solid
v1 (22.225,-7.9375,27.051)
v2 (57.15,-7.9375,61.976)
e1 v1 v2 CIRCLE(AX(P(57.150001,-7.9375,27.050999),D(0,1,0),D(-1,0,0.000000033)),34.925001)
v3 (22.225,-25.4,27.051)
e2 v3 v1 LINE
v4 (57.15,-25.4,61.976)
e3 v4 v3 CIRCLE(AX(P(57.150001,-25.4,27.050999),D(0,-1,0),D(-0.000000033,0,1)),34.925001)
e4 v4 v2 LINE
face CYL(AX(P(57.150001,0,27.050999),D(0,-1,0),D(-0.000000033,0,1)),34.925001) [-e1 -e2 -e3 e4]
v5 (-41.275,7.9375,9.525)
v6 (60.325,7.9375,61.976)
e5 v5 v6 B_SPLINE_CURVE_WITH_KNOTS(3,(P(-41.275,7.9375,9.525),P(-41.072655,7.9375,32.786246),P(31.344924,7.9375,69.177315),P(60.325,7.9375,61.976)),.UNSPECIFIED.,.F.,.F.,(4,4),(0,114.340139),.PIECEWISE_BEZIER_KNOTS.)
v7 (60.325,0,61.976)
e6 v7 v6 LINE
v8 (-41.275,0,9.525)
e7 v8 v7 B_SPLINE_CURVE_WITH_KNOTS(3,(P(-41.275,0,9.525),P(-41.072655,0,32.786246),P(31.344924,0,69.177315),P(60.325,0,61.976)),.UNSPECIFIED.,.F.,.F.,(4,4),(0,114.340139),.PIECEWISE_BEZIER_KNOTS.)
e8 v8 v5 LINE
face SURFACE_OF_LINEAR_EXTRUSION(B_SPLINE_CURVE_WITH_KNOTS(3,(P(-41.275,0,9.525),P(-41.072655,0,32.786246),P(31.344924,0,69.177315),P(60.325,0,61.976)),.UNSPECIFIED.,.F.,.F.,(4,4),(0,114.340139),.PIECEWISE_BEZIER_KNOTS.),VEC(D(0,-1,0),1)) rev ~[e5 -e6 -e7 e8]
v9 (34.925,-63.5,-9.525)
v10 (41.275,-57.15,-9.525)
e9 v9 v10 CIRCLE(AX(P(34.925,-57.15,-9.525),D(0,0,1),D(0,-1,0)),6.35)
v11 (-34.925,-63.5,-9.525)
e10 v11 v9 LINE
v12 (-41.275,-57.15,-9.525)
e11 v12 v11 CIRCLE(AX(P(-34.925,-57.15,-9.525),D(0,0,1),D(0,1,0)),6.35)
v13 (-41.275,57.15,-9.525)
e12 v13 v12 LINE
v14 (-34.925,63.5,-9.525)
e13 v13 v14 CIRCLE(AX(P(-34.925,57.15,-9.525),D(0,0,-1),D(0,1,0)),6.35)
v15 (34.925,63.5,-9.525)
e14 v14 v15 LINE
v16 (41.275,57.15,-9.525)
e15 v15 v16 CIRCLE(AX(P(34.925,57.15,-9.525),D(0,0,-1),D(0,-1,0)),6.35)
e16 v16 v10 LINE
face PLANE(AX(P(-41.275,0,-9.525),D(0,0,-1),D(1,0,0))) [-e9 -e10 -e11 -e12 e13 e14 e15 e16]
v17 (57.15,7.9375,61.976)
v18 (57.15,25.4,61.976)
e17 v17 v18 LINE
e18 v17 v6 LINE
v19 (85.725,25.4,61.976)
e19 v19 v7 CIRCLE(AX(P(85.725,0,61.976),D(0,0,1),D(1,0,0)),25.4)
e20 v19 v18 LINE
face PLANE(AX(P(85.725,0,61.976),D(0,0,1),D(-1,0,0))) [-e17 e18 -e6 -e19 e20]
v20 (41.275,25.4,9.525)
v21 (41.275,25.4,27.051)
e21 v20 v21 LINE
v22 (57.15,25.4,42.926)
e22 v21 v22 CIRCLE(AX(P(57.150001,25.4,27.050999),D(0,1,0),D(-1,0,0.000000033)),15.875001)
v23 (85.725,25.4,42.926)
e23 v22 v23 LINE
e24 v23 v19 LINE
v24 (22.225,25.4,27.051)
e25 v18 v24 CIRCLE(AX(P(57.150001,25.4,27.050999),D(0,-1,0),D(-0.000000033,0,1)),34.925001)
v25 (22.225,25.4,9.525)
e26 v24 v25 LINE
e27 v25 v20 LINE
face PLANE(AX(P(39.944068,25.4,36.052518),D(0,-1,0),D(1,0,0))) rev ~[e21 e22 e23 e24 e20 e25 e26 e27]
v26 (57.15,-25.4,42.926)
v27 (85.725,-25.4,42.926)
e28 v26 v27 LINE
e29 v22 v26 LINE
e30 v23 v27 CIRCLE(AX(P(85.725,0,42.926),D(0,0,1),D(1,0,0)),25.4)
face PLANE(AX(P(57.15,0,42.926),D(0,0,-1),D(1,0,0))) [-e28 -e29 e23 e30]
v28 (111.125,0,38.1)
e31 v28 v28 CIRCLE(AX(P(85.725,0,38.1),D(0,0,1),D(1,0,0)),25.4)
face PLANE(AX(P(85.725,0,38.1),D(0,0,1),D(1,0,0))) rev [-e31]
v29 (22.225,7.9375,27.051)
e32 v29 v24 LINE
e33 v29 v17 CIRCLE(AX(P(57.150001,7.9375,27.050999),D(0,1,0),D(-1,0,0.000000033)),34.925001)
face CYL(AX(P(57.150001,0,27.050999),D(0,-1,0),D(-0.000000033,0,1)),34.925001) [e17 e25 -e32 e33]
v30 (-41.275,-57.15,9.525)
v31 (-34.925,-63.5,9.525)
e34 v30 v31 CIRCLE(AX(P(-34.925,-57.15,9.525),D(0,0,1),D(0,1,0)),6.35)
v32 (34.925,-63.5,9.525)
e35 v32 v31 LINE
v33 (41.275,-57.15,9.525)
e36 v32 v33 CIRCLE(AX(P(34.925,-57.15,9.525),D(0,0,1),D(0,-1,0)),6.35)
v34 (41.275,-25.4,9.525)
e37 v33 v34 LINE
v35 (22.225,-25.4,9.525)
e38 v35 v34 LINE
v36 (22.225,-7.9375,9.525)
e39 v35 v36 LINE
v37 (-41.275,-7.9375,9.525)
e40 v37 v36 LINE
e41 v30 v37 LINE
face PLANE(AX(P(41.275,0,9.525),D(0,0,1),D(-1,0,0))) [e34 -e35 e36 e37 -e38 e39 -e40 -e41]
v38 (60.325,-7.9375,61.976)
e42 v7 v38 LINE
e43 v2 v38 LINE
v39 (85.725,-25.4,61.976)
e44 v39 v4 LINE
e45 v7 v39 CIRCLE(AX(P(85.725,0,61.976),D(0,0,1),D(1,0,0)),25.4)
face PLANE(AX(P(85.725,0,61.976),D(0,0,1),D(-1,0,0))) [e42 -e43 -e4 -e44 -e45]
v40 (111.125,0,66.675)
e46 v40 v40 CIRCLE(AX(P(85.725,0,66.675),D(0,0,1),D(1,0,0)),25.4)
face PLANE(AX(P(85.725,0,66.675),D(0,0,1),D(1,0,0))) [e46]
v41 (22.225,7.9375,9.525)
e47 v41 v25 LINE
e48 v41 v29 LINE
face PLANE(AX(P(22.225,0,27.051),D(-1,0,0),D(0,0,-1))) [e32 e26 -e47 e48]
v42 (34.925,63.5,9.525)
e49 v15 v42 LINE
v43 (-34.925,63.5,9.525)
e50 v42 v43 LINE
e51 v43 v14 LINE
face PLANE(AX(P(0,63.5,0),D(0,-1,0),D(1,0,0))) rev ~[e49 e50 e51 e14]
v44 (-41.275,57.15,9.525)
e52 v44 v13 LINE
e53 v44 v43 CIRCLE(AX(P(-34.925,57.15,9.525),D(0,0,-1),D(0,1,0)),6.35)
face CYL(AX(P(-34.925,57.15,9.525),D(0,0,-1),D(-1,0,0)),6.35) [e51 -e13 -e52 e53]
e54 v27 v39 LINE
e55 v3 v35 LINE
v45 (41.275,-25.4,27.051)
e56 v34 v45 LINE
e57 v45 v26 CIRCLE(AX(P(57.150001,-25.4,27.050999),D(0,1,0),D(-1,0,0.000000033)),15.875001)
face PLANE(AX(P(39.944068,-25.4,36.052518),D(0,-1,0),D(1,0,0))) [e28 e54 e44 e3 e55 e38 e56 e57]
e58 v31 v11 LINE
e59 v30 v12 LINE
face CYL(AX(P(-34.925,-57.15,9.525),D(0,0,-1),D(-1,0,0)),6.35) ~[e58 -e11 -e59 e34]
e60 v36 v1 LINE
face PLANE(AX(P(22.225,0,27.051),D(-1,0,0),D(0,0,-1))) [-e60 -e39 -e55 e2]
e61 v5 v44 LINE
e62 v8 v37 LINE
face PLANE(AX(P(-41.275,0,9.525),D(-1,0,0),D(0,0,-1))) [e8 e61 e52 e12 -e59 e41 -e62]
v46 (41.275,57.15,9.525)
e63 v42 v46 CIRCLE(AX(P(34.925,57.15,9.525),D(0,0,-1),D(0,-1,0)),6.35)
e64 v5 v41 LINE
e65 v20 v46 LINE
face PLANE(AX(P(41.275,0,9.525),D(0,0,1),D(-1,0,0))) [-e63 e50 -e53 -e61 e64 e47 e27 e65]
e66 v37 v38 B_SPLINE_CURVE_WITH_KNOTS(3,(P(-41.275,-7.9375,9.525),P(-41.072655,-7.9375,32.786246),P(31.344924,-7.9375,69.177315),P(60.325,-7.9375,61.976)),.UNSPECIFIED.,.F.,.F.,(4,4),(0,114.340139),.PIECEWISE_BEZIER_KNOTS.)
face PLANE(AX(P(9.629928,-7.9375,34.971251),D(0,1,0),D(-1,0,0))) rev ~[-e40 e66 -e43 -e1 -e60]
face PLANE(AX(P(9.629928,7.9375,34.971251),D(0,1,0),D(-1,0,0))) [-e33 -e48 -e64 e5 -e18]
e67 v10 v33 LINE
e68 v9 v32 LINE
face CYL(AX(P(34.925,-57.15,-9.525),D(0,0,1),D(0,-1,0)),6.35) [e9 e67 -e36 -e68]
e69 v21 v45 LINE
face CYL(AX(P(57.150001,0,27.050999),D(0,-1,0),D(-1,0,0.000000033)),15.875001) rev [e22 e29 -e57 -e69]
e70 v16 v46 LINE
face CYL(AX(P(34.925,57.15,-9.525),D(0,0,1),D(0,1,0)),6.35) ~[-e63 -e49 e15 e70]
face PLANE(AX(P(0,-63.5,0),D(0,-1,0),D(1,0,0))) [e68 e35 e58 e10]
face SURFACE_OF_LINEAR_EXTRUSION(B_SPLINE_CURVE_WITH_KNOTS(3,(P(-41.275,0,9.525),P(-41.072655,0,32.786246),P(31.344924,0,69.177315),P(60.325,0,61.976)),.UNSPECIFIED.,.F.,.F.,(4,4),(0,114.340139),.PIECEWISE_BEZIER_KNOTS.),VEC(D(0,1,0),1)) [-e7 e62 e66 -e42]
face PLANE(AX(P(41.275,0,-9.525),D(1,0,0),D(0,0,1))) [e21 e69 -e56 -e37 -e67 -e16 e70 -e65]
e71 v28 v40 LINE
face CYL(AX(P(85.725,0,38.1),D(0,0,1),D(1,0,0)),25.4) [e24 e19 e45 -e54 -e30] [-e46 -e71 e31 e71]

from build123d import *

# Parameters (mm, degrees)
F1_DEPTH = 63.5
F0_W     = 25.4
F0_H     = 19.05
F2_DEPTH = 25.4
F3_DEPTH = 7.9375
F4_R     = 6.35


with BuildPart() as f1:
    # F0 (on Front) → F1 (new body, symmetric)
    with BuildSketch(Plane.XZ):
        Polygon((-41.275, 9.525), (-41.275, -9.525), (41.275, -9.525), (41.275, 9.525), (22.225, 9.525), align=None)
    extrude(amount=F1_DEPTH, both=True)

    # F0 (on Front) → F2 (join, symmetric)
    with BuildSketch(Plane.XZ):
        with BuildLine():
            Line((22.225, 9.525), (41.275, 9.525))
            Line((41.275, 9.525), (41.275, 27.051))
            ThreePointArc((41.275, 27.051), (45.92468, 38.27632), (57.15, 42.926))
            Line((57.15, 42.926), (60.325, 42.926))
            Line((60.325, 42.926), (60.325, 61.976))
            Line((60.325, 61.976), (57.15, 61.976))
            ThreePointArc((57.15, 61.976), (32.454296, 51.746704), (22.225, 27.051))
            Line((22.225, 27.051), (22.225, 9.525))
        make_face()
        with Locations((73.025, 52.451)):
            Rectangle(F0_W, F0_H)
    extrude(amount=F2_DEPTH, both=True)

    # F0 (on Front) → F3 (join, symmetric)
    with BuildSketch(Plane.XZ):
        with BuildLine():
            add(Edge.make_bspline(
                [(-41.275, 9.525), (-41.072655, 32.786246), (31.344924, 69.177315), (60.325, 61.976)],
                knots=[0, 0, 0, 0, 114.340139, 114.340139, 114.340139, 114.340139], degree=3))
            Line((-41.275, 9.525), (22.225, 9.525))
            Line((22.225, 9.525), (22.225, 27.051))
            ThreePointArc((22.225, 27.051), (32.454296, 51.746704), (57.15, 61.976))
            Line((57.15, 61.976), (60.325, 61.976))
        make_face()
    extrude(amount=F3_DEPTH, both=True)

    # F4
    f4_edges = [f1.edges().sort_by_distance(p)[0] for p in [
        (41.275, -63.5, 0),
        (41.275, 63.5, 0),
        (-41.275, 63.5, 0),
        (-41.275, -63.5, 0),
    ]]
    fillet(f4_edges, radius=F4_R)

    # F0 (on Front) → F5 (revolve)
    with BuildSketch(Plane.XZ):
        Polygon((85.725, 66.675), (85.725, 61.976), (85.725, 42.926), (85.725, 38.1), (111.125, 38.1), (111.125, 66.675), align=None)
    revolve(axis=Axis((85.725, 0, 52.3875), (0, 0, 1)))


solid = f1.part
